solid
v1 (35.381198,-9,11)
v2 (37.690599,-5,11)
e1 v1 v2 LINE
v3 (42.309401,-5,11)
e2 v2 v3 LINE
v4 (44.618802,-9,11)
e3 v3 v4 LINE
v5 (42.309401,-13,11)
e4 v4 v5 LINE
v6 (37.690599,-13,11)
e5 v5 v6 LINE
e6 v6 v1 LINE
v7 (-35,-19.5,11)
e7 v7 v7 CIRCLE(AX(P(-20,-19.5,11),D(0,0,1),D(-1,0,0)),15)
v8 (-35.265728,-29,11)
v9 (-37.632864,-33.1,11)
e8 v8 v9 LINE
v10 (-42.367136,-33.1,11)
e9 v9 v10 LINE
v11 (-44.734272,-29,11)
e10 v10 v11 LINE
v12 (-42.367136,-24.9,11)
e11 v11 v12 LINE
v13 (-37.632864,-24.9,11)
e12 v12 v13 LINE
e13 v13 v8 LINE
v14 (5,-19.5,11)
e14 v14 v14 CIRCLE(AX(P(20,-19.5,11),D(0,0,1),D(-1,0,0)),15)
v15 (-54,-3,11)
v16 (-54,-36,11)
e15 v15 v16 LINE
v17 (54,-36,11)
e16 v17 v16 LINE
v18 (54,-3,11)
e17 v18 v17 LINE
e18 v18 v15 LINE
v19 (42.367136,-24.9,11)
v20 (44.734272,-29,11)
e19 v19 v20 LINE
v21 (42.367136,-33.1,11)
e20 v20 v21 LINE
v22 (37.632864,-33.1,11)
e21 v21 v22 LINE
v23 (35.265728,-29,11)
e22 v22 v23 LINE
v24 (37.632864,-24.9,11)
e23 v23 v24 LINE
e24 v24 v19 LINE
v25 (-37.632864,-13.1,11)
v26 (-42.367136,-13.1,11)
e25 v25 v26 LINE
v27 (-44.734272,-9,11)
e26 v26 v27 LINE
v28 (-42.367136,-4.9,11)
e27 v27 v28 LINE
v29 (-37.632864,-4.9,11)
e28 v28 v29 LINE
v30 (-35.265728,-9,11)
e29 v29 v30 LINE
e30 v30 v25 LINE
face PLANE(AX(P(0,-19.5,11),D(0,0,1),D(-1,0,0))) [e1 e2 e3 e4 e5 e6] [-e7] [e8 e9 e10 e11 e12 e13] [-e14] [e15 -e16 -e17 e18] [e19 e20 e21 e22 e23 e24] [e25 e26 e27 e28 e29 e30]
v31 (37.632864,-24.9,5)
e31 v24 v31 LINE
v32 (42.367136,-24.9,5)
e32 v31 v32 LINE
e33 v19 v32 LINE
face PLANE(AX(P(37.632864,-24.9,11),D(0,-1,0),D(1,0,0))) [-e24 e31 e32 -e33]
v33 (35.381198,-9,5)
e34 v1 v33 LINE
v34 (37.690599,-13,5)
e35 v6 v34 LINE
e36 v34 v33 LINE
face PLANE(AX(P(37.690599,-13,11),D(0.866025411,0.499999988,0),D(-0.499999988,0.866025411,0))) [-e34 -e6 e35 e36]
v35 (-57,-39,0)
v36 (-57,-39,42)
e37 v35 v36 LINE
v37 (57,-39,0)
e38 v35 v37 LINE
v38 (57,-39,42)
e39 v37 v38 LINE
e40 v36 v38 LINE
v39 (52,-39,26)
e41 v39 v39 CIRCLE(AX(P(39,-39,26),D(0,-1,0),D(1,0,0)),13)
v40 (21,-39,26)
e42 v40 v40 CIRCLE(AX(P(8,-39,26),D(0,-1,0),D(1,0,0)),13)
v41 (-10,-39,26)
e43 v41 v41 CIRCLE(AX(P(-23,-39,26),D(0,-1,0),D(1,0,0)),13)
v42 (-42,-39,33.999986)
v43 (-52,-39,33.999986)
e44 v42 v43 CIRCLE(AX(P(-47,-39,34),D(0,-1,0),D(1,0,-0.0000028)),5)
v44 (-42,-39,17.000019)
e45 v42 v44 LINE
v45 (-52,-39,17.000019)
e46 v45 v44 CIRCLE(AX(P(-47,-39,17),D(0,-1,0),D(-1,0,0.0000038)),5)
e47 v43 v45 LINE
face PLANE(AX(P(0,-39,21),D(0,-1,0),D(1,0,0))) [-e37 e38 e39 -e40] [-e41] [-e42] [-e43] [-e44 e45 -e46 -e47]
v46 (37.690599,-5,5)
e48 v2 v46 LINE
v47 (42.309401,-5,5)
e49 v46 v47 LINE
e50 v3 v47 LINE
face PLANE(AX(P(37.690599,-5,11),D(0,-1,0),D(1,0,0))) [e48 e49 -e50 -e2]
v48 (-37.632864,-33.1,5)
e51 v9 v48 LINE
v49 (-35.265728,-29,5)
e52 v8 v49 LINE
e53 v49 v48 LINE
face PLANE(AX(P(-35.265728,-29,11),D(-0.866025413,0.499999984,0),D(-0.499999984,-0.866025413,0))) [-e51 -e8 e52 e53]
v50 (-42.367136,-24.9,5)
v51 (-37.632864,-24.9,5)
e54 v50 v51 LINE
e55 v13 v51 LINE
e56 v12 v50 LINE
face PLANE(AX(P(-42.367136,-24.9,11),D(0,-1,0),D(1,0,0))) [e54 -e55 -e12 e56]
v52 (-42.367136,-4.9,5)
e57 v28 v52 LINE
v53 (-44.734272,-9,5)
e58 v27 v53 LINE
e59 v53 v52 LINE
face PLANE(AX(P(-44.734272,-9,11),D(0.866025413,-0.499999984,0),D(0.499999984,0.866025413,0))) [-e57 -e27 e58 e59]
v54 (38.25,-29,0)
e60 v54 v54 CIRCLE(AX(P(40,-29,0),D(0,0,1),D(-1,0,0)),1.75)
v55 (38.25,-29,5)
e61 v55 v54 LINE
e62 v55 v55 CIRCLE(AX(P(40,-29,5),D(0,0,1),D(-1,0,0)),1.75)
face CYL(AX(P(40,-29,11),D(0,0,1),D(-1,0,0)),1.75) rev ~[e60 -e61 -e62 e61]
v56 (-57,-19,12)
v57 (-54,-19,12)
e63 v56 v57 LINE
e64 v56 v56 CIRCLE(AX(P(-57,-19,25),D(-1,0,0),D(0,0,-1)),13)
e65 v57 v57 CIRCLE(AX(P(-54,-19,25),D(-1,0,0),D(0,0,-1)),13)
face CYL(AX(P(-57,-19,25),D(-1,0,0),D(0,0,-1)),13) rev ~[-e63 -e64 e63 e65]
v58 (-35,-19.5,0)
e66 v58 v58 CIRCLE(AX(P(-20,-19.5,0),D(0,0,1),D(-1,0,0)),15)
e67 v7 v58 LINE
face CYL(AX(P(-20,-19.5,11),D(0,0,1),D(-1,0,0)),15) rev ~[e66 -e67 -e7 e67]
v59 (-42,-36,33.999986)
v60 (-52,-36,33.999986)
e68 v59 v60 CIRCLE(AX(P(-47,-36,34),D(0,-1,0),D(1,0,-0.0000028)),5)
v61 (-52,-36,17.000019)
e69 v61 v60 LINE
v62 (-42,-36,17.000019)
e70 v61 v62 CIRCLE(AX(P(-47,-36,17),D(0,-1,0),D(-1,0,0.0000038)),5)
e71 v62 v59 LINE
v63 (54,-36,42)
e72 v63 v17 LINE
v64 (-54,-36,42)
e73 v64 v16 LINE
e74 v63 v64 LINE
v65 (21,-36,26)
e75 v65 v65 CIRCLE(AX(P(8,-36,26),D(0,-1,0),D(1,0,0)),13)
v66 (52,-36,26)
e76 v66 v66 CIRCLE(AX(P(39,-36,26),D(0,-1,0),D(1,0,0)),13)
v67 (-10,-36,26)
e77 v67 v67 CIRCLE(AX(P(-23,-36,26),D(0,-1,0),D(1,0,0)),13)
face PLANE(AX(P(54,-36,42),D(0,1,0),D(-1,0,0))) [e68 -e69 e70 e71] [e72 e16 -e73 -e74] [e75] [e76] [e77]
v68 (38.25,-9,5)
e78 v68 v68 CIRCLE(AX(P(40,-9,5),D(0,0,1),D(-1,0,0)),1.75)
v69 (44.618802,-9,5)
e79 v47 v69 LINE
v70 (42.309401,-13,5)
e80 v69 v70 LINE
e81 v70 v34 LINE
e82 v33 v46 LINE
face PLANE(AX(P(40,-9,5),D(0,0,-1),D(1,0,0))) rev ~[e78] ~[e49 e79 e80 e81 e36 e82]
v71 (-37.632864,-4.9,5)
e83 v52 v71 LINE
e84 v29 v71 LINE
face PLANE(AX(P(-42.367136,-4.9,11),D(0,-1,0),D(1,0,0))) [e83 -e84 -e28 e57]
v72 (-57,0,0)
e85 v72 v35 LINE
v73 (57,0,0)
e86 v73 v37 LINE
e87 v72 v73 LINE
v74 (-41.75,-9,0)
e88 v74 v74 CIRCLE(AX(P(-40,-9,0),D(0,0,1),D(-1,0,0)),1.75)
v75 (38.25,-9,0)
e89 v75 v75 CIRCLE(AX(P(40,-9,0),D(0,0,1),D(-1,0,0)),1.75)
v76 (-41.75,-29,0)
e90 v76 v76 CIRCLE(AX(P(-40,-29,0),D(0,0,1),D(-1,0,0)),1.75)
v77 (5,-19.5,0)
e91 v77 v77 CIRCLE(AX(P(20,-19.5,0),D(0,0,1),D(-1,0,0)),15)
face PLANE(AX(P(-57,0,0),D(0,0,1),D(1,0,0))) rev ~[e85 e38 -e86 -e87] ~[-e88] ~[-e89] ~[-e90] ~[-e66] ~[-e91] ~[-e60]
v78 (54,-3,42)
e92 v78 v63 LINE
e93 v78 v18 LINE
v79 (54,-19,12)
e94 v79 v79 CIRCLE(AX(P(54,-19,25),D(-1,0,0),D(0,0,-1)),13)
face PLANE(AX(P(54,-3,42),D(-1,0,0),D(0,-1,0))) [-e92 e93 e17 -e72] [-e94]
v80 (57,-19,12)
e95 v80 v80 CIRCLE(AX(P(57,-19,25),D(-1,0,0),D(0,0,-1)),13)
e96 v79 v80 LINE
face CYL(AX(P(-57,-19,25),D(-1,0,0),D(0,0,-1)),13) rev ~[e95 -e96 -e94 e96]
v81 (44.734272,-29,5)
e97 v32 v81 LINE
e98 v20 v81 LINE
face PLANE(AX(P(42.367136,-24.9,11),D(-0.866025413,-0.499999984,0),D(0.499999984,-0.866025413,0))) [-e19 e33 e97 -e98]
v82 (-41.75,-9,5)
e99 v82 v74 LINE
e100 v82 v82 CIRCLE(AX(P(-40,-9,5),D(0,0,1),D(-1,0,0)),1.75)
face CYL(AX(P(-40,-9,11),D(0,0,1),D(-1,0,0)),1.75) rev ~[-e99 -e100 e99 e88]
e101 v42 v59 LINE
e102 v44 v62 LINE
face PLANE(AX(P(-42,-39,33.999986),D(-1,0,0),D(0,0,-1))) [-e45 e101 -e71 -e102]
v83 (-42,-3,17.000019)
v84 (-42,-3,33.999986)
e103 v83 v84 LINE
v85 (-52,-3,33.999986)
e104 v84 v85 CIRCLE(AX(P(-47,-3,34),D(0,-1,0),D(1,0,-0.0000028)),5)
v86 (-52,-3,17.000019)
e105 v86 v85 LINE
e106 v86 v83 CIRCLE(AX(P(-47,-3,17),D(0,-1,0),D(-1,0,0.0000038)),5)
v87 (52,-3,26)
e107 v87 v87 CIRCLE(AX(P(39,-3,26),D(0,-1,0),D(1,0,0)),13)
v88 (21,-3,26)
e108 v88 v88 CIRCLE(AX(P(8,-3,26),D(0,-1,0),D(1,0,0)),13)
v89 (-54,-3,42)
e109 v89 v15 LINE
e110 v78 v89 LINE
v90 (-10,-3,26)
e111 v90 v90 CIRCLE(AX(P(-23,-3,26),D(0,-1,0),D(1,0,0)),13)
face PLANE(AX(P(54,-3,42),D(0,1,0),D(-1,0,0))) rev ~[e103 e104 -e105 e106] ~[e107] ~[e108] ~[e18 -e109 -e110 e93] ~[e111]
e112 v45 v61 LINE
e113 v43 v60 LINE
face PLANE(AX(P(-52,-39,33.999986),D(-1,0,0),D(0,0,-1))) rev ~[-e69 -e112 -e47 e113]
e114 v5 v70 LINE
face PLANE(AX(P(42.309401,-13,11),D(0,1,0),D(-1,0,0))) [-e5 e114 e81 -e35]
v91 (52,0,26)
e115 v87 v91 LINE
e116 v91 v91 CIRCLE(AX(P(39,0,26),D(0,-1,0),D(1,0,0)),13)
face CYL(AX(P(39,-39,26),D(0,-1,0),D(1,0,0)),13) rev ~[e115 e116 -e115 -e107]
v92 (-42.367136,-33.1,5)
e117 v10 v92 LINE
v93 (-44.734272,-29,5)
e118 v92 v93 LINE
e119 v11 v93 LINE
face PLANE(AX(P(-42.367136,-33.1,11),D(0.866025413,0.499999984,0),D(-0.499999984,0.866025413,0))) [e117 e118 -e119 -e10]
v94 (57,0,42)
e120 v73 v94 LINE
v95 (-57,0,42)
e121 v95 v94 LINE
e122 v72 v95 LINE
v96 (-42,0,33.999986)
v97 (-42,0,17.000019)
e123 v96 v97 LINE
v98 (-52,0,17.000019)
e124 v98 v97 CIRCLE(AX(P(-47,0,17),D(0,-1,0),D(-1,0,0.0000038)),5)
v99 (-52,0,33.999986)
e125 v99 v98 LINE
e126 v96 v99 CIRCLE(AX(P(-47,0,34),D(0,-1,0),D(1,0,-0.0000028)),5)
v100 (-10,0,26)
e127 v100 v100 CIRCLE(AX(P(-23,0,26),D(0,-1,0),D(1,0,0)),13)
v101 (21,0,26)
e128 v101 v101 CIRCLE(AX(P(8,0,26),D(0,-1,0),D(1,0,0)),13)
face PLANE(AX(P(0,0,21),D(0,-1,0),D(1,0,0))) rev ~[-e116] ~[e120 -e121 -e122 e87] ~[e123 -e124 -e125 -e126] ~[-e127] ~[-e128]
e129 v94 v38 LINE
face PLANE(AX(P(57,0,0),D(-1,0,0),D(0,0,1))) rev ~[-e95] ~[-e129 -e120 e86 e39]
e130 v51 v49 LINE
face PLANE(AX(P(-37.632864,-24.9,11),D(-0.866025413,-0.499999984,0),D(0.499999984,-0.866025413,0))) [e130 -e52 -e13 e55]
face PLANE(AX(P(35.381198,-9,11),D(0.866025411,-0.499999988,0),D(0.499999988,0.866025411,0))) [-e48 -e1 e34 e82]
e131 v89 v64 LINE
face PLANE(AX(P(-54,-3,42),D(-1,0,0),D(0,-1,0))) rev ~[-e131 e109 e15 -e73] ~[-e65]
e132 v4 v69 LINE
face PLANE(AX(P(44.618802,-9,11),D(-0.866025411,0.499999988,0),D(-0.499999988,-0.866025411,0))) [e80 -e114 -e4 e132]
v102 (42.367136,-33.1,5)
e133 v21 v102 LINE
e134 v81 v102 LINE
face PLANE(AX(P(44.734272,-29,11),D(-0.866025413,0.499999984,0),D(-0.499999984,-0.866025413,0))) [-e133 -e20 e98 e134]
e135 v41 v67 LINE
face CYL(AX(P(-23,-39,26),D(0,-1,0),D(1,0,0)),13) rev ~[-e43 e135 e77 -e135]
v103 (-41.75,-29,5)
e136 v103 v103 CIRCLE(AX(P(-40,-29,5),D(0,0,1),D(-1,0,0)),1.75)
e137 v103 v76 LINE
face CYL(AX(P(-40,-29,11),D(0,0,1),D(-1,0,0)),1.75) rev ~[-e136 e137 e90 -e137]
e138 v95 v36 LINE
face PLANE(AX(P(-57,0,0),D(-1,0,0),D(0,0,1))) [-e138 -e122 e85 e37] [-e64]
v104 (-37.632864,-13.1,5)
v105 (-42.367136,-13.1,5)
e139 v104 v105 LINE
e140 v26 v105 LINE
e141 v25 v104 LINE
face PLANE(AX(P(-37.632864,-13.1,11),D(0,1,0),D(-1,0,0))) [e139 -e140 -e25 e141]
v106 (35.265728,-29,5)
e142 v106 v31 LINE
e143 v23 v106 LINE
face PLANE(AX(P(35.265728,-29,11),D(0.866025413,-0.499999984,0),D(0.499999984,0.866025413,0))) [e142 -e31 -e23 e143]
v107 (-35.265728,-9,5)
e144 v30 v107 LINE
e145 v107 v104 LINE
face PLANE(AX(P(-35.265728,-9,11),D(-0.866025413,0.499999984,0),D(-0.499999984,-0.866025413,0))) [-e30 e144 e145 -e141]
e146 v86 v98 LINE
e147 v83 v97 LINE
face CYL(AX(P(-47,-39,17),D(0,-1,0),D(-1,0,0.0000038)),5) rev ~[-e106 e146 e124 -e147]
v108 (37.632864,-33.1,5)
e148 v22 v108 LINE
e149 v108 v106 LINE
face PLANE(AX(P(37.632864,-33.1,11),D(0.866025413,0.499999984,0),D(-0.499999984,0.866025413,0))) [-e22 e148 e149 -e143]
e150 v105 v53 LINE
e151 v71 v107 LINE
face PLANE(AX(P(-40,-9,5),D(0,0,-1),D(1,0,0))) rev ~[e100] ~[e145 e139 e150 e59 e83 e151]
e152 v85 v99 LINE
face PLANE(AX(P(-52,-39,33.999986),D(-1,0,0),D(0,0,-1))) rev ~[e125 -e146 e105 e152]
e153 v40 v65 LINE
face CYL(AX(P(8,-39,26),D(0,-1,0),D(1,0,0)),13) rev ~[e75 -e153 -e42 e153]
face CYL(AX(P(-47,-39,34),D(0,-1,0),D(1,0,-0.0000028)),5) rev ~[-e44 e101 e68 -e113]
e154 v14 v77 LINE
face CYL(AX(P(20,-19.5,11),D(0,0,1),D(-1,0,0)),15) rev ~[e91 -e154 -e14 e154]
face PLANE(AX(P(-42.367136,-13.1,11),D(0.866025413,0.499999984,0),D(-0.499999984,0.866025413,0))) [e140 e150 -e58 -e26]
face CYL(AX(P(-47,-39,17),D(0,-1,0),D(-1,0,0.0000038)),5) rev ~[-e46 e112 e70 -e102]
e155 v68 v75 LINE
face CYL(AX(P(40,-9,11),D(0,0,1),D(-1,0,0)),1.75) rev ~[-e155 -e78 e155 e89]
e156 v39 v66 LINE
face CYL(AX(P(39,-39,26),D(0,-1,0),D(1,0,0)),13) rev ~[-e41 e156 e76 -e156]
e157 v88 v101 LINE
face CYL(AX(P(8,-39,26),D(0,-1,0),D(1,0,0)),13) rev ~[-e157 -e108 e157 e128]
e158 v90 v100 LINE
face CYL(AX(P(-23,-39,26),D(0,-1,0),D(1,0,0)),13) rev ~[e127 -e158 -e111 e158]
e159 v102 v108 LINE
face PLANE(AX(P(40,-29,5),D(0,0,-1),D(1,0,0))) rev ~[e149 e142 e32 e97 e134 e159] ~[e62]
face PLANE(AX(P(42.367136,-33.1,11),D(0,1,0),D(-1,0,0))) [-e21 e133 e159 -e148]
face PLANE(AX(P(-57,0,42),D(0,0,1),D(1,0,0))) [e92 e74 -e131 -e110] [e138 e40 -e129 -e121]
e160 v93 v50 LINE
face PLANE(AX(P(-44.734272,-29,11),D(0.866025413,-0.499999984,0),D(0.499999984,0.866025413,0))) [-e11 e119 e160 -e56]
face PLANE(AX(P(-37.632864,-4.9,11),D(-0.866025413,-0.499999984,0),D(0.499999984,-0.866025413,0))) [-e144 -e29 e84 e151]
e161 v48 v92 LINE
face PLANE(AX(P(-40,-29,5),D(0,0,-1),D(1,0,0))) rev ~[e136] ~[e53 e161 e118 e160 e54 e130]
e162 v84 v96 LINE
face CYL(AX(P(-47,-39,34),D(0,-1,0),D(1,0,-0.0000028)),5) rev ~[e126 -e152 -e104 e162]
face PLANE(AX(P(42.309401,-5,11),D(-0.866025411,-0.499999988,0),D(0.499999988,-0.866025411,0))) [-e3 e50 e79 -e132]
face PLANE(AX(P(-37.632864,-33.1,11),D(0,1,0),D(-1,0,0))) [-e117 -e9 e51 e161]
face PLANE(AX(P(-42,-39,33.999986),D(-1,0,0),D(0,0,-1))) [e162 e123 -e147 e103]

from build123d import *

# Parameters (mm, degrees)
SKETCH_W        = 114
SKETCH_H        = 42
PAD_DEPTH       = 39
SKETCH005_W     = 108
SKETCH005_H     = 33
POCKET_DEPTH    = 31
SKETCH007_R     = 13
POCKET001_DEPTH = 39.001
SKETCH006_R     = 1.75
SKETCH006_R_2   = 15
POCKET002_DEPTH = 11.001
POCKET003_DEPTH = 6
POCKET004_DEPTH = 6
SKETCH008_R     = 13
POCKET005_DEPTH = 114.001


with BuildPart() as part:
    # Sketch → Pad (new body)
    with BuildSketch(Plane.XZ):
        with Locations((0, 21)):
            Rectangle(SKETCH_W, SKETCH_H)
    extrude(amount=PAD_DEPTH)

    # Sketch005 → Pocket (cut)
    with BuildSketch(Plane(origin=(0, 0, 42), x_dir=(-1, 0, 0), z_dir=(0, 0, 1))):
        with Locations((0, 19.5)):
            Rectangle(SKETCH005_W, SKETCH005_H)
    extrude(amount=-POCKET_DEPTH, mode=Mode.SUBTRACT)

    # Sketch007 → Pocket001 (cut, through all)
    with BuildSketch(Plane.XZ.offset(39)):
        with Locations((-23, 26)):
            Circle(SKETCH007_R)
        with Locations((8, 26)):
            Circle(SKETCH007_R)
        with Locations((39, 26)):
            Circle(SKETCH007_R)
        with BuildLine():
            ThreePointArc((-42, 33.999986), (-47, 39), (-52, 33.999986))
            Line((-52, 33.999986), (-52, 17.000019))
            ThreePointArc((-52, 17.000019), (-47, 12), (-42, 17.000019))
            Line((-42, 33.999986), (-42, 17.000019))
        make_face()
    extrude(amount=-POCKET001_DEPTH, mode=Mode.SUBTRACT)

    # Sketch006 → Pocket002 (cut, through all)
    with BuildSketch(Plane(origin=(0, 0, 11), x_dir=(-1, 0, 0), z_dir=(0, 0, 1))):
        with Locations((-40, 29)):
            Circle(SKETCH006_R)
        with Locations((40, 29)):
            Circle(SKETCH006_R)
        with Locations((-40, 9)):
            Circle(SKETCH006_R)
        with Locations((40, 9)):
            Circle(SKETCH006_R)
        with Locations((-20, 19.5)):
            Circle(SKETCH006_R_2)
        with Locations((20, 19.5)):
            Circle(SKETCH006_R_2)
    extrude(amount=-POCKET002_DEPTH, mode=Mode.SUBTRACT)

    # Sketch010 → Pocket003 (cut)
    with BuildSketch(Plane(origin=(0, 0, 11), x_dir=(-1, 0, 0), z_dir=(0, 0, 1))):
        Polygon((-42.309401, 13), (-37.690599, 13), (-35.381198, 9), (-37.690599, 5), (-42.309401, 5), (-44.618802, 9), align=None)
    extrude(amount=-POCKET003_DEPTH, mode=Mode.SUBTRACT)

    # Sketch011 → Pocket004 (cut)
    with BuildSketch(Plane(origin=(0, 0, 11), x_dir=(-1, 0, 0), z_dir=(0, 0, 1))):
        Polygon((-42.367136, 33.1), (-37.632864, 33.1), (-35.265728, 29), (-37.632864, 24.9), (-42.367136, 24.9), (-44.734272, 29), align=None)
        Polygon((37.632864, 33.1), (42.367136, 33.1), (44.734272, 29), (42.367136, 24.9), (37.632864, 24.9), (35.265728, 29), align=None)
        Polygon((37.632864, 13.1), (42.367136, 13.1), (44.734272, 9), (42.367136, 4.9), (37.632864, 4.9), (35.265728, 9), align=None)
    extrude(amount=-POCKET004_DEPTH, mode=Mode.SUBTRACT)

    # Sketch008 → Pocket005 (cut, through all)
    with BuildSketch(Plane(origin=(-57, 0, 0), x_dir=(0, 0, -1), z_dir=(-1, 0, 0))):
        with Locations((-25, 19)):
            Circle(SKETCH008_R)
    extrude(amount=-POCKET005_DEPTH, mode=Mode.SUBTRACT)


solid = part.part
